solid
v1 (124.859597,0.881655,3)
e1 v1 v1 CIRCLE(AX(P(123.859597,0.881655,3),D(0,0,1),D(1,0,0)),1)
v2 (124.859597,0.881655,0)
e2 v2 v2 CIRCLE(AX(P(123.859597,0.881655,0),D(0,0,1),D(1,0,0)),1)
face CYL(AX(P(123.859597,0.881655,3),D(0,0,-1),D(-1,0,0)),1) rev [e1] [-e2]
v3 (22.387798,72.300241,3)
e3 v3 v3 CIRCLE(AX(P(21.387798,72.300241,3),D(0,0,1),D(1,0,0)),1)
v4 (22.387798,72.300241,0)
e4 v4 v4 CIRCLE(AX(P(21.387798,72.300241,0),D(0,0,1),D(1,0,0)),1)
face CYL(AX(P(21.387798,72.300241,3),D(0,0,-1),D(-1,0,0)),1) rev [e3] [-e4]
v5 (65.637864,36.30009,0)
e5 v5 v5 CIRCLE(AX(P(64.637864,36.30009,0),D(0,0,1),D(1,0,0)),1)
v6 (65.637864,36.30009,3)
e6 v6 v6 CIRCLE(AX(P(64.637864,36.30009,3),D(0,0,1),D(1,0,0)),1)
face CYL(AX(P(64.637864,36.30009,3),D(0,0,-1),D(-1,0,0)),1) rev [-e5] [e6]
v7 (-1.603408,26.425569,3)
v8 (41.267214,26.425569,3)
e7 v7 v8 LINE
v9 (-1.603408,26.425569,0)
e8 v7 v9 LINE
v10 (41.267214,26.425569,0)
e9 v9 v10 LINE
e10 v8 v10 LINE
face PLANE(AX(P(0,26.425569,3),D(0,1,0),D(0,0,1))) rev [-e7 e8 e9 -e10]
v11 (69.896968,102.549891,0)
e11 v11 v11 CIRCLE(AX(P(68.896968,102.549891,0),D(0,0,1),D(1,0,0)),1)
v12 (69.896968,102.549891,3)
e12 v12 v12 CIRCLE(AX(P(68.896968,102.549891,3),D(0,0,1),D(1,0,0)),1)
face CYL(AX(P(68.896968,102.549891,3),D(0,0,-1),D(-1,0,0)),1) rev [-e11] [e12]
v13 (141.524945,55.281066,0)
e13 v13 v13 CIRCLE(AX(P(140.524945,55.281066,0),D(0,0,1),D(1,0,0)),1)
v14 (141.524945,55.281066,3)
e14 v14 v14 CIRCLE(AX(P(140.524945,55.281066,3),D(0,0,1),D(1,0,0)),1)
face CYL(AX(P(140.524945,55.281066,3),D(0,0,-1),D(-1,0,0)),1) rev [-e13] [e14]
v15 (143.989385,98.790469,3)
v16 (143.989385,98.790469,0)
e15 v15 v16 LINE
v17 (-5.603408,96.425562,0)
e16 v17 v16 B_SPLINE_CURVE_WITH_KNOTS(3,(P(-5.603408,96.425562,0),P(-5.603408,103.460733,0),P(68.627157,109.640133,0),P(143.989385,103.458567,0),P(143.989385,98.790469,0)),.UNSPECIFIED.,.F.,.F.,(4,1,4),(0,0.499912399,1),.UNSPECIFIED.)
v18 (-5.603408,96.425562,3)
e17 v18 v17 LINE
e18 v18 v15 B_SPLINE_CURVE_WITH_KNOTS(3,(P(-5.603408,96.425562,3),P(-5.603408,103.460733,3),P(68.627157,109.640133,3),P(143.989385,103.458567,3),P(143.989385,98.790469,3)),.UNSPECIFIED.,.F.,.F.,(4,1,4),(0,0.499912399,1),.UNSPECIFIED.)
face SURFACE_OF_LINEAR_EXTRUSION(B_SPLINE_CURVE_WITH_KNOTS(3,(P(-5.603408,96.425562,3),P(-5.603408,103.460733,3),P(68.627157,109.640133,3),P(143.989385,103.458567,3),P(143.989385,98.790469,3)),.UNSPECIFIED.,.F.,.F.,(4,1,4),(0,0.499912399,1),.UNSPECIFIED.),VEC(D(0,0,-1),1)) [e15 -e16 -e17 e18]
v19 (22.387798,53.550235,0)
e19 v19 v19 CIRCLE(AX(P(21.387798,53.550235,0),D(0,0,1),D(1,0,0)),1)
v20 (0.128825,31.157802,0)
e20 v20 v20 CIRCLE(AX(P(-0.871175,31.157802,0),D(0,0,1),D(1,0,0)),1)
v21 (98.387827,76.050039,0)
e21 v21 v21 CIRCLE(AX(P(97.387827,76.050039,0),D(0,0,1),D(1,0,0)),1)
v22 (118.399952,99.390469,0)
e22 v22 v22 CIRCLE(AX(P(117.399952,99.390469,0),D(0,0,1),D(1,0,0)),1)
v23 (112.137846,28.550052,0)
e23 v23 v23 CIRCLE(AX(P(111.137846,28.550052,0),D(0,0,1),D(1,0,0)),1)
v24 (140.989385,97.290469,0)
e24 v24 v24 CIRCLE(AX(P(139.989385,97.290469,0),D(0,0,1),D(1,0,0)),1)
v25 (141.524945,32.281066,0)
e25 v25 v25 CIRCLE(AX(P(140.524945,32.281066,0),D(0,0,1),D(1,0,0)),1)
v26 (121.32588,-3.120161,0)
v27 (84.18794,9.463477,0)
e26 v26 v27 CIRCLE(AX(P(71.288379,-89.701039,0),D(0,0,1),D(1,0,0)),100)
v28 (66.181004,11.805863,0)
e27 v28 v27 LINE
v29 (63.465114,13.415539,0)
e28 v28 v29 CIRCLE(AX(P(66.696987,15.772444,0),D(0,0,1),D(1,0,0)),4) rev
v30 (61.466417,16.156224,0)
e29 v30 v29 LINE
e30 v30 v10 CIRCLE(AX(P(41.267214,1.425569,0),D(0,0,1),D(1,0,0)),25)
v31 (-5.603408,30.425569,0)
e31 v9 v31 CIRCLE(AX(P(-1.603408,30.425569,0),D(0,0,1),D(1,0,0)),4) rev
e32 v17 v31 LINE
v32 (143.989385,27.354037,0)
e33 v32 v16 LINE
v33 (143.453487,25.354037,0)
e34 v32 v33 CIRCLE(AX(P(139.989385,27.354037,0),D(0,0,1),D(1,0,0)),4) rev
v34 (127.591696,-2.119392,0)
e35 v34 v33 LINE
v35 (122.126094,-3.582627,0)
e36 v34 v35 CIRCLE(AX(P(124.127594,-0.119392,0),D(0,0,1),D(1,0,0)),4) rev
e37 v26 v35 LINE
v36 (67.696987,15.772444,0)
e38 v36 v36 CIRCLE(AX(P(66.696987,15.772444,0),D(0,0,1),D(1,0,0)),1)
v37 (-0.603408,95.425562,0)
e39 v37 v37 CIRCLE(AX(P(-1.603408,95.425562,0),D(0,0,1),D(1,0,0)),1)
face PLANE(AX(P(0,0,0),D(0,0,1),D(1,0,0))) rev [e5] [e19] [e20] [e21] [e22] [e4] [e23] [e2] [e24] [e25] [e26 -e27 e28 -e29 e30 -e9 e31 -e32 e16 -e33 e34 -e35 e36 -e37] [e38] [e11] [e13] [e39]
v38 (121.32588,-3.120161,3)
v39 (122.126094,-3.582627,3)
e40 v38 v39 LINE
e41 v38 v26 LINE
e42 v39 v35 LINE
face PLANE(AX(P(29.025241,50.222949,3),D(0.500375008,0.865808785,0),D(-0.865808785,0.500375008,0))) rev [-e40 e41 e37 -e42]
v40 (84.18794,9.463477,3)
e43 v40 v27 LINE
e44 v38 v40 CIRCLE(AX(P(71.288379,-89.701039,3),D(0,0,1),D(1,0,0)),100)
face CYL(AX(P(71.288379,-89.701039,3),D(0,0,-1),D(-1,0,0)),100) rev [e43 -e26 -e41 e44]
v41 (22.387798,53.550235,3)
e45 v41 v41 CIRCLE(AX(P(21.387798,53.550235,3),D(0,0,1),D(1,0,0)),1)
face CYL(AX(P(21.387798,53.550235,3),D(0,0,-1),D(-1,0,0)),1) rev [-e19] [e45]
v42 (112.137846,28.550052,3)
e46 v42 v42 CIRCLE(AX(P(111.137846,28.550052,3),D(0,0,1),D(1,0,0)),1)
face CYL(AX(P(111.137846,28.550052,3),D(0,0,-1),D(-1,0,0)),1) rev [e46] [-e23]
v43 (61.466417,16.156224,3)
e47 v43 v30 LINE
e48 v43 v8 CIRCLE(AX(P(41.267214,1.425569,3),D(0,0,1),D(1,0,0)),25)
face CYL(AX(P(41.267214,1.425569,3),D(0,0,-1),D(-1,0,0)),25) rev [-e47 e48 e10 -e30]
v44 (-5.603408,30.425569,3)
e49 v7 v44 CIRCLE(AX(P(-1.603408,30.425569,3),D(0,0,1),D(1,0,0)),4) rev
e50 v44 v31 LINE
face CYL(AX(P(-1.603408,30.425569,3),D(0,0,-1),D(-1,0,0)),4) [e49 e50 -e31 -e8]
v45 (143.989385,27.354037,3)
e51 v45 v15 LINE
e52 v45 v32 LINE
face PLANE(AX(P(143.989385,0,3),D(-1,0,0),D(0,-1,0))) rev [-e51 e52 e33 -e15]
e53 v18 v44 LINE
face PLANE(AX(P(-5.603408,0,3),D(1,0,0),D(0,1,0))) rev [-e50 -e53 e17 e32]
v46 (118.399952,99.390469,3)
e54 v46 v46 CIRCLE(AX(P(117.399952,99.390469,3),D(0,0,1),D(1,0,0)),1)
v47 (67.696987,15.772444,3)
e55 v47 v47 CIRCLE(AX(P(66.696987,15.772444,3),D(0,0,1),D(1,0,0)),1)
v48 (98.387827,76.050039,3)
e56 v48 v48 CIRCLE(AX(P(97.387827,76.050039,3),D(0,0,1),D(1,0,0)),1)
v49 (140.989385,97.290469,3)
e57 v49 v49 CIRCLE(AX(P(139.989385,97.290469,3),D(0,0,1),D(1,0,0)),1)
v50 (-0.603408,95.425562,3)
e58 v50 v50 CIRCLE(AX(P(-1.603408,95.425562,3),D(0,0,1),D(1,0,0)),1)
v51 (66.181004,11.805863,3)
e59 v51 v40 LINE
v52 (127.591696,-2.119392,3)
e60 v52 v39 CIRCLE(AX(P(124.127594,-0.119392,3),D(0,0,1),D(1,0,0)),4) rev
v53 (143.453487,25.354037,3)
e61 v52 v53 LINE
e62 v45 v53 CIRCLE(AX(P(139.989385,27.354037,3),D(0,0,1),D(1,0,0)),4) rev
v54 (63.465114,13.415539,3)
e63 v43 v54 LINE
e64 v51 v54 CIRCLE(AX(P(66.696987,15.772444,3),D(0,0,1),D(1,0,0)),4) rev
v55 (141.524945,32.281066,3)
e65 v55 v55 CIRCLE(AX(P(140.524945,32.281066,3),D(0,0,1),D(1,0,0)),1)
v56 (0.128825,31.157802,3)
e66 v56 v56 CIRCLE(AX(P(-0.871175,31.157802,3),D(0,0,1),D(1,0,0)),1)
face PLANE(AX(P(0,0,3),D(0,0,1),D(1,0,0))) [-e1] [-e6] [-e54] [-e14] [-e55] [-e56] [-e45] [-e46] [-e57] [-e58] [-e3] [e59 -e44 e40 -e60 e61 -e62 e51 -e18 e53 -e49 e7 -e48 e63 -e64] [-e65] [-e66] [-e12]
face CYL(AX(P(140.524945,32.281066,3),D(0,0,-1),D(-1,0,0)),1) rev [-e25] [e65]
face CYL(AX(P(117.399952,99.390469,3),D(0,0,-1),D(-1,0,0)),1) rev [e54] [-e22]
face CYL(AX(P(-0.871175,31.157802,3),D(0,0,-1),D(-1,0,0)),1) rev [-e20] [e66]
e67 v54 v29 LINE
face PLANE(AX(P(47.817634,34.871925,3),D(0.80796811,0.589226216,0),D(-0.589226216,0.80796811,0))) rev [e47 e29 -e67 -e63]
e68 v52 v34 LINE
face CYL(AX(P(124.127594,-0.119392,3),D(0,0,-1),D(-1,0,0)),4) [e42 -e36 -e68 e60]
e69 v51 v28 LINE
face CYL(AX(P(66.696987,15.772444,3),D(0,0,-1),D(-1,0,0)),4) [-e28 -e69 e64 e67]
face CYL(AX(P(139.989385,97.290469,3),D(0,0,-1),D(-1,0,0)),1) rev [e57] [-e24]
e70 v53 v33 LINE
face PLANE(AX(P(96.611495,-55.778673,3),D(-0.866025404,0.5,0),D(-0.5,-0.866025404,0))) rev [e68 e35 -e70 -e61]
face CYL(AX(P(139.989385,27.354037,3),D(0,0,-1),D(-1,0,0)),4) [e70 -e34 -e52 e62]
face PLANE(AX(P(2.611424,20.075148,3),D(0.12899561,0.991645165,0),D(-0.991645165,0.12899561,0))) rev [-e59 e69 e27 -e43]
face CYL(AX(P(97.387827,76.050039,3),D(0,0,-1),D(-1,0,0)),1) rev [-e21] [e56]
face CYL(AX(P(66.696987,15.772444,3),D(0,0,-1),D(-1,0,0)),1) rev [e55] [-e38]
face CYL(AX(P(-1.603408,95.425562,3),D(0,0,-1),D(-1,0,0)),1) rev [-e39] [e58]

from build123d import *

# Parameters (mm, degrees)
SKETCH2_R           = 1
BOSS_EXTRUDE1_DEPTH = 3


with BuildPart() as part:
    # Sketch2 → Boss-Extrude1 (new body)
    with BuildSketch(Plane.XY):
        with BuildLine():
            Line((-5.603408365, 96.42556159), (-5.603408365, 30.425568858))
            ThreePointArc((-5.603408365, 30.425568858), (-4.43183549, 27.597141733), (-1.603408365, 26.425568858))
            Line((-1.603408365, 26.425568858), (41.26721418, 26.425568858))
            ThreePointArc((41.26721418, 26.425568858), (52.597121833, 23.710837368), (61.46641692, 16.156224264))
            Line((61.46641692, 16.156224264), (63.465114175, 13.41553894))
            ThreePointArc((63.465114175, 13.41553894), (64.657533725, 12.331421876), (66.181004174, 11.805863146))
            Line((66.181004174, 11.805863146), (84.187939735, 9.463477264))
            ThreePointArc((84.187939735, 9.463477264), (103.379739296, 5.009808001), (121.325879515, -3.120160731))
            Line((121.325879515, -3.120160731), (122.126093986, -3.582626958))
            ThreePointArc((122.126093986, -3.582626958), (125.162033535, -3.98331921), (127.591695632, -2.119391819))
            Line((127.591695632, -2.119391819), (143.453487011, 25.354036748))
            ThreePointArc((143.453487011, 25.354036748), (143.853088701, 26.318760568), (143.989385396, 27.354036748))
            Line((143.989385396, 27.354036748), (143.989385396, 98.790469349))
            add(Edge.make_bspline(
                [(-5.603408365, 96.42556159), (-5.603408365, 103.460733083), (68.627157279, 109.640132521), (143.989385396, 103.458567417), (143.989385396, 98.790469349)],
                knots=[0, 0, 0, 0, 0.499912399, 1, 1, 1, 1], degree=3))
        make_face()
        with Locations((21.387798276, 72.300241098)):
            Circle(SKETCH2_R, mode=Mode.SUBTRACT)
        with Locations((21.387798276, 53.550235091)):
            Circle(SKETCH2_R, mode=Mode.SUBTRACT)
        with Locations((64.637863533, 36.300090173)):
            Circle(SKETCH2_R, mode=Mode.SUBTRACT)
        with Locations((111.137845658, 28.550051811)):
            Circle(SKETCH2_R, mode=Mode.SUBTRACT)
        with Locations((97.387827206, 76.050038887)):
            Circle(SKETCH2_R, mode=Mode.SUBTRACT)
        with Locations((140.524945013, 32.281066453)):
            Circle(SKETCH2_R, mode=Mode.SUBTRACT)
        with Locations((123.859596668, 0.88165491)):
            Circle(SKETCH2_R, mode=Mode.SUBTRACT)
        with Locations((66.696986614, 15.772443805)):
            Circle(SKETCH2_R, mode=Mode.SUBTRACT)
        with Locations((-0.871175318, 31.157801905)):
            Circle(SKETCH2_R, mode=Mode.SUBTRACT)
        with Locations((-1.603408365, 95.42556159)):
            Circle(SKETCH2_R, mode=Mode.SUBTRACT)
        with Locations((68.896968427, 102.54989148)):
            Circle(SKETCH2_R, mode=Mode.SUBTRACT)
        with Locations((117.399952063, 99.390469349)):
            Circle(SKETCH2_R, mode=Mode.SUBTRACT)
        with Locations((139.989385396, 97.290469349)):
            Circle(SKETCH2_R, mode=Mode.SUBTRACT)
        with Locations((140.524945013, 55.281066453)):
            Circle(SKETCH2_R, mode=Mode.SUBTRACT)
    extrude(amount=BOSS_EXTRUDE1_DEPTH)


solid = part.part
